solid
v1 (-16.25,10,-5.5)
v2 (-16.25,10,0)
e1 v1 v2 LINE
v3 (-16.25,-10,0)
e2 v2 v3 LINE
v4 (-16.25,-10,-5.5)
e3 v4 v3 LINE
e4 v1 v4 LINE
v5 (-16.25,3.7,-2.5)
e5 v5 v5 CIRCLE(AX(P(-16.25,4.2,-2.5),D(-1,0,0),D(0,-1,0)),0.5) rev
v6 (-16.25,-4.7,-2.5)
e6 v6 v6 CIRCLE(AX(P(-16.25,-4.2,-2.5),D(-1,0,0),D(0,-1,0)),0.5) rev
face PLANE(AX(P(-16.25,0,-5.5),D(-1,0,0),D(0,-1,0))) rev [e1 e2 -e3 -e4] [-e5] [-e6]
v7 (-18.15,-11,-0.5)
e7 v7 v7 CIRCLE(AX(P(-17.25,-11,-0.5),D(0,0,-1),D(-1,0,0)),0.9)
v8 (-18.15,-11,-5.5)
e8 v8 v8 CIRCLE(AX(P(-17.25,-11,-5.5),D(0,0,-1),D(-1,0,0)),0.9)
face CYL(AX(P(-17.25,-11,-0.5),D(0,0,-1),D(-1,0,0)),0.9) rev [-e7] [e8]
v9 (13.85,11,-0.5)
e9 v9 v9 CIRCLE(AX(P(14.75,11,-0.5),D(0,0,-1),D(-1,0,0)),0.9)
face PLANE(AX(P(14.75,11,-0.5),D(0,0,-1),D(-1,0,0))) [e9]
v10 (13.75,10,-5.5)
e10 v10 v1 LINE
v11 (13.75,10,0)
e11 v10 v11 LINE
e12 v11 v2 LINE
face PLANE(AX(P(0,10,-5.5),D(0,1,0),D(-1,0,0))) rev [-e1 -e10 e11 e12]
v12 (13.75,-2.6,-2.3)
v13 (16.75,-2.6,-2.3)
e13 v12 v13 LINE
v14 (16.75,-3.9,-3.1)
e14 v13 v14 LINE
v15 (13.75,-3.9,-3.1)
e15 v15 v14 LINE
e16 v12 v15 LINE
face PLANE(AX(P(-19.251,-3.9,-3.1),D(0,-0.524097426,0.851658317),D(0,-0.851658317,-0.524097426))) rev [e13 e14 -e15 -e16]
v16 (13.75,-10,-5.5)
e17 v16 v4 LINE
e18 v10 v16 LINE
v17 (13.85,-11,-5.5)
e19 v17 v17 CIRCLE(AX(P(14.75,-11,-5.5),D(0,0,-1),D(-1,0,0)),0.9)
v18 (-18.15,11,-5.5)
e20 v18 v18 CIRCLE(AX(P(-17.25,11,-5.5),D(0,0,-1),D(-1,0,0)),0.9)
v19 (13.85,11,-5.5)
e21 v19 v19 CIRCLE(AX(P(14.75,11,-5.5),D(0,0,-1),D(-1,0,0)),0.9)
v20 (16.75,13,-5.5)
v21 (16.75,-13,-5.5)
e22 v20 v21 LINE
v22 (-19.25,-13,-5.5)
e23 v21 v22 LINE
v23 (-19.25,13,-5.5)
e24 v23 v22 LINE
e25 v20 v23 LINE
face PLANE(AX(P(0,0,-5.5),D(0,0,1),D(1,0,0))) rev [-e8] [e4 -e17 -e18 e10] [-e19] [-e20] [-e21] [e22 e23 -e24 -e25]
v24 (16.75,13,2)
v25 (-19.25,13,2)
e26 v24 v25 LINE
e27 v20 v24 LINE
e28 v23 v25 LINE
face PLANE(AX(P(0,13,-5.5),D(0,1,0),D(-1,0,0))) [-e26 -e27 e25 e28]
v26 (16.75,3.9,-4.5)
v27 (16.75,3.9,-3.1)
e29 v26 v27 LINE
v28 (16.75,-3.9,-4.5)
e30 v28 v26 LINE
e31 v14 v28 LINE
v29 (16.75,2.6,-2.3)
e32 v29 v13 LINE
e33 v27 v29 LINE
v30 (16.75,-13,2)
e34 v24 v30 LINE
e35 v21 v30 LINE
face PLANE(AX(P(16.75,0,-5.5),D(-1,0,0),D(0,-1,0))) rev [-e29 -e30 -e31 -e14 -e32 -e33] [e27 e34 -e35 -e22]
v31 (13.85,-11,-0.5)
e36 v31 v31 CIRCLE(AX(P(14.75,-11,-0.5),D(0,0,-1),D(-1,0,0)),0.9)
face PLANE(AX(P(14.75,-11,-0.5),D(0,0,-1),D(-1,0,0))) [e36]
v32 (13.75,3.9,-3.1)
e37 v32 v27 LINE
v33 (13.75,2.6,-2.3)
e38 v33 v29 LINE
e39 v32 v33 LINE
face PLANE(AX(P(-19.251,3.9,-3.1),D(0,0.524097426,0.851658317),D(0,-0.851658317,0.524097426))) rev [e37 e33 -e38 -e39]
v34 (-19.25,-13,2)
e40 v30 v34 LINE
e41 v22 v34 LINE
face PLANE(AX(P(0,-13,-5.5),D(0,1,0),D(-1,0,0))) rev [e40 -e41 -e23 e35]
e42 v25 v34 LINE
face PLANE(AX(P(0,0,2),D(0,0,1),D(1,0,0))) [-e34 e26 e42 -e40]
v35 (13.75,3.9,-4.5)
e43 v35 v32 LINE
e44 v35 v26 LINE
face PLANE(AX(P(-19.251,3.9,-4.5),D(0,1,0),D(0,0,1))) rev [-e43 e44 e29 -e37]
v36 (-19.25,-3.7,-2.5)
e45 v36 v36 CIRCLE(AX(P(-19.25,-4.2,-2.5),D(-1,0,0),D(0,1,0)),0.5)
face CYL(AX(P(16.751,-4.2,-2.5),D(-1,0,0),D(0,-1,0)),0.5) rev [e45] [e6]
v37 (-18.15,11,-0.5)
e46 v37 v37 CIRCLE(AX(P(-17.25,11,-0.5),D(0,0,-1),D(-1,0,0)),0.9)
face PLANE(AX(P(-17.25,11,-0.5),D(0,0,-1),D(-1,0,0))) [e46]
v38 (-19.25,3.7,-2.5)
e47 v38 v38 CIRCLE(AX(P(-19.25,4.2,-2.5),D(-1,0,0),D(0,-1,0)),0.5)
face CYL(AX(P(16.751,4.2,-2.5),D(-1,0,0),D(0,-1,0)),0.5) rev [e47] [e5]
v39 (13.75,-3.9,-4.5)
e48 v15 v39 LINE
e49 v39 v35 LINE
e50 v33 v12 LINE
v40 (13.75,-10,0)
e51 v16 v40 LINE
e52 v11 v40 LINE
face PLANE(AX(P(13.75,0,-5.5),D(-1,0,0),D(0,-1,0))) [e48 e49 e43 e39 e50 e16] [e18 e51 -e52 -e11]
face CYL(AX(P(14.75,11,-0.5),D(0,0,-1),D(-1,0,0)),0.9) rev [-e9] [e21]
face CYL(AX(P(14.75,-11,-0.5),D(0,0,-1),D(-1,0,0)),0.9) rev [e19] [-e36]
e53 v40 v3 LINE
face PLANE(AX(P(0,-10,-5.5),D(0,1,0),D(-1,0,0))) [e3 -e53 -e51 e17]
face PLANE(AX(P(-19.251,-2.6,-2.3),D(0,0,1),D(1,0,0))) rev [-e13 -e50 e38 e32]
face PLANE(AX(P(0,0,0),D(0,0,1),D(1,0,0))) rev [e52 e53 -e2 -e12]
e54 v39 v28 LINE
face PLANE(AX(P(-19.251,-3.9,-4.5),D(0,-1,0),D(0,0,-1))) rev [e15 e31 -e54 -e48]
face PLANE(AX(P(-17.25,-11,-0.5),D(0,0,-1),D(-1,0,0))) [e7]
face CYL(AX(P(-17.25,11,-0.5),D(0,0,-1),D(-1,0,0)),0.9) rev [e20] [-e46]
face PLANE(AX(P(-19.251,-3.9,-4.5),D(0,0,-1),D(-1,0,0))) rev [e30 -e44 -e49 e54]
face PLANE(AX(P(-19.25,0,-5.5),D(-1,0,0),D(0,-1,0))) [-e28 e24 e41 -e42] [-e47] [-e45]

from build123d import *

# Parameters (mm, degrees)
SKETCH1_W           = 36
SKETCH1_H           = 26
SKETCH1_W_2         = 30
SKETCH1_H_2         = 20
EXTRUDE_THIN1_DEPTH = 5.5
CUT_EXTRUDE1_REACH  = 40.668
SKETCH1_4_W         = 36
SKETCH1_4_H         = 26
SKETCH1_4_W_2       = 30
SKETCH1_4_H_2       = 20
BOSS_EXTRUDE3_DEPTH = 2
SKETCH4_R           = 0.9
CUT_EXTRUDE4_DEPTH  = 5
CUT_EXTRUDE5_REACH  = 40.668
SKETCH5_R           = 0.5


with BuildPart() as part:
    # Sketch1 → Extrude-Thin1 (new body)
    with BuildSketch(Plane.XY):
        with Locations((-1.25, 0)):
            Rectangle(SKETCH1_W, SKETCH1_H)
        with Locations((-1.25, 0)):
            Rectangle(SKETCH1_W_2, SKETCH1_H_2, mode=Mode.SUBTRACT)
    extrude(amount=-EXTRUDE_THIN1_DEPTH)

    # Sketch2 → Cut-Extrude1 (cut, up to next)
    with BuildSketch(Plane(origin=(16.75, 0, 0), x_dir=(0, 0, -1), z_dir=(1, 0, 0)), mode=Mode.PRIVATE) as cut_extrude1_sk1:
        Polygon((4.5, -3.9), (4.5, 3.9), (3.1, 3.9), (2.3, 2.6), (2.3, 0), (2.3, -2.6), (3.1, -3.9), align=None)
    cut_extrude1_tool1 = extrude(cut_extrude1_sk1.sketch, amount=-CUT_EXTRUDE1_REACH, mode=Mode.PRIVATE) & part.part
    add(cut_extrude1_tool1.solids().sort_by_distance((16.75, 0, -3.453763))[0], mode=Mode.SUBTRACT)

    # Sketch1<4> → Boss-Extrude3 (add)
    # profile 1 of 2: a face of its own
    with BuildSketch(Plane.XY):
        with Locations((-1.25, 0)):
            Rectangle(SKETCH1_4_W, SKETCH1_4_H)
        with Locations((-1.25, 0)):
            Rectangle(SKETCH1_4_W_2, SKETCH1_4_H_2, mode=Mode.SUBTRACT)
    # profile 2 of 2: a face of its own
    with BuildSketch(Plane.XY):
        with Locations((-1.25, 0)):
            Rectangle(SKETCH1_4_W_2, SKETCH1_4_H_2)
    extrude(amount=BOSS_EXTRUDE3_DEPTH)

    # Sketch4 → Cut-Extrude4 (cut)
    with BuildSketch(Plane(origin=(0, 0, -5.5), x_dir=(-1, 0, 0), z_dir=(0, 0, -1))):
        with Locations((-14.75, 11)):
            Circle(SKETCH4_R)
        with Locations((17.25, 11)):
            Circle(SKETCH4_R)
        with Locations((17.25, -11)):
            Circle(SKETCH4_R)
        with Locations((-14.75, -11)):
            Circle(SKETCH4_R)
    extrude(amount=-CUT_EXTRUDE4_DEPTH, mode=Mode.SUBTRACT)

    # Sketch5 → Cut-Extrude5 (cut, up to next)
    with BuildSketch(Plane.ZY.offset(19.25), mode=Mode.PRIVATE) as cut_extrude5_sk1:
        with Locations(Location((-2.5, 4.2, 0), (0, 0, 270))):
            Circle(SKETCH5_R)
    cut_extrude5_tool1 = extrude(cut_extrude5_sk1.sketch, amount=-CUT_EXTRUDE5_REACH, mode=Mode.PRIVATE) & part.part
    # Sketch5 → Cut-Extrude5 (cut, up to next)
    with BuildSketch(Plane.ZY.offset(19.25), mode=Mode.PRIVATE) as cut_extrude5_sk2:
        with Locations(Location((-2.5, -4.2, 0), (0, 0, 270))):
            Circle(SKETCH5_R)
    cut_extrude5_tool2 = extrude(cut_extrude5_sk2.sketch, amount=-CUT_EXTRUDE5_REACH, mode=Mode.PRIVATE) & part.part
    add(cut_extrude5_tool1.solids().sort_by_distance((-19.25, 4.2, -2.5))[0], mode=Mode.SUBTRACT)
    add(cut_extrude5_tool2.solids().sort_by_distance((-19.25, -4.2, -2.5))[0], mode=Mode.SUBTRACT)


solid = part.part
